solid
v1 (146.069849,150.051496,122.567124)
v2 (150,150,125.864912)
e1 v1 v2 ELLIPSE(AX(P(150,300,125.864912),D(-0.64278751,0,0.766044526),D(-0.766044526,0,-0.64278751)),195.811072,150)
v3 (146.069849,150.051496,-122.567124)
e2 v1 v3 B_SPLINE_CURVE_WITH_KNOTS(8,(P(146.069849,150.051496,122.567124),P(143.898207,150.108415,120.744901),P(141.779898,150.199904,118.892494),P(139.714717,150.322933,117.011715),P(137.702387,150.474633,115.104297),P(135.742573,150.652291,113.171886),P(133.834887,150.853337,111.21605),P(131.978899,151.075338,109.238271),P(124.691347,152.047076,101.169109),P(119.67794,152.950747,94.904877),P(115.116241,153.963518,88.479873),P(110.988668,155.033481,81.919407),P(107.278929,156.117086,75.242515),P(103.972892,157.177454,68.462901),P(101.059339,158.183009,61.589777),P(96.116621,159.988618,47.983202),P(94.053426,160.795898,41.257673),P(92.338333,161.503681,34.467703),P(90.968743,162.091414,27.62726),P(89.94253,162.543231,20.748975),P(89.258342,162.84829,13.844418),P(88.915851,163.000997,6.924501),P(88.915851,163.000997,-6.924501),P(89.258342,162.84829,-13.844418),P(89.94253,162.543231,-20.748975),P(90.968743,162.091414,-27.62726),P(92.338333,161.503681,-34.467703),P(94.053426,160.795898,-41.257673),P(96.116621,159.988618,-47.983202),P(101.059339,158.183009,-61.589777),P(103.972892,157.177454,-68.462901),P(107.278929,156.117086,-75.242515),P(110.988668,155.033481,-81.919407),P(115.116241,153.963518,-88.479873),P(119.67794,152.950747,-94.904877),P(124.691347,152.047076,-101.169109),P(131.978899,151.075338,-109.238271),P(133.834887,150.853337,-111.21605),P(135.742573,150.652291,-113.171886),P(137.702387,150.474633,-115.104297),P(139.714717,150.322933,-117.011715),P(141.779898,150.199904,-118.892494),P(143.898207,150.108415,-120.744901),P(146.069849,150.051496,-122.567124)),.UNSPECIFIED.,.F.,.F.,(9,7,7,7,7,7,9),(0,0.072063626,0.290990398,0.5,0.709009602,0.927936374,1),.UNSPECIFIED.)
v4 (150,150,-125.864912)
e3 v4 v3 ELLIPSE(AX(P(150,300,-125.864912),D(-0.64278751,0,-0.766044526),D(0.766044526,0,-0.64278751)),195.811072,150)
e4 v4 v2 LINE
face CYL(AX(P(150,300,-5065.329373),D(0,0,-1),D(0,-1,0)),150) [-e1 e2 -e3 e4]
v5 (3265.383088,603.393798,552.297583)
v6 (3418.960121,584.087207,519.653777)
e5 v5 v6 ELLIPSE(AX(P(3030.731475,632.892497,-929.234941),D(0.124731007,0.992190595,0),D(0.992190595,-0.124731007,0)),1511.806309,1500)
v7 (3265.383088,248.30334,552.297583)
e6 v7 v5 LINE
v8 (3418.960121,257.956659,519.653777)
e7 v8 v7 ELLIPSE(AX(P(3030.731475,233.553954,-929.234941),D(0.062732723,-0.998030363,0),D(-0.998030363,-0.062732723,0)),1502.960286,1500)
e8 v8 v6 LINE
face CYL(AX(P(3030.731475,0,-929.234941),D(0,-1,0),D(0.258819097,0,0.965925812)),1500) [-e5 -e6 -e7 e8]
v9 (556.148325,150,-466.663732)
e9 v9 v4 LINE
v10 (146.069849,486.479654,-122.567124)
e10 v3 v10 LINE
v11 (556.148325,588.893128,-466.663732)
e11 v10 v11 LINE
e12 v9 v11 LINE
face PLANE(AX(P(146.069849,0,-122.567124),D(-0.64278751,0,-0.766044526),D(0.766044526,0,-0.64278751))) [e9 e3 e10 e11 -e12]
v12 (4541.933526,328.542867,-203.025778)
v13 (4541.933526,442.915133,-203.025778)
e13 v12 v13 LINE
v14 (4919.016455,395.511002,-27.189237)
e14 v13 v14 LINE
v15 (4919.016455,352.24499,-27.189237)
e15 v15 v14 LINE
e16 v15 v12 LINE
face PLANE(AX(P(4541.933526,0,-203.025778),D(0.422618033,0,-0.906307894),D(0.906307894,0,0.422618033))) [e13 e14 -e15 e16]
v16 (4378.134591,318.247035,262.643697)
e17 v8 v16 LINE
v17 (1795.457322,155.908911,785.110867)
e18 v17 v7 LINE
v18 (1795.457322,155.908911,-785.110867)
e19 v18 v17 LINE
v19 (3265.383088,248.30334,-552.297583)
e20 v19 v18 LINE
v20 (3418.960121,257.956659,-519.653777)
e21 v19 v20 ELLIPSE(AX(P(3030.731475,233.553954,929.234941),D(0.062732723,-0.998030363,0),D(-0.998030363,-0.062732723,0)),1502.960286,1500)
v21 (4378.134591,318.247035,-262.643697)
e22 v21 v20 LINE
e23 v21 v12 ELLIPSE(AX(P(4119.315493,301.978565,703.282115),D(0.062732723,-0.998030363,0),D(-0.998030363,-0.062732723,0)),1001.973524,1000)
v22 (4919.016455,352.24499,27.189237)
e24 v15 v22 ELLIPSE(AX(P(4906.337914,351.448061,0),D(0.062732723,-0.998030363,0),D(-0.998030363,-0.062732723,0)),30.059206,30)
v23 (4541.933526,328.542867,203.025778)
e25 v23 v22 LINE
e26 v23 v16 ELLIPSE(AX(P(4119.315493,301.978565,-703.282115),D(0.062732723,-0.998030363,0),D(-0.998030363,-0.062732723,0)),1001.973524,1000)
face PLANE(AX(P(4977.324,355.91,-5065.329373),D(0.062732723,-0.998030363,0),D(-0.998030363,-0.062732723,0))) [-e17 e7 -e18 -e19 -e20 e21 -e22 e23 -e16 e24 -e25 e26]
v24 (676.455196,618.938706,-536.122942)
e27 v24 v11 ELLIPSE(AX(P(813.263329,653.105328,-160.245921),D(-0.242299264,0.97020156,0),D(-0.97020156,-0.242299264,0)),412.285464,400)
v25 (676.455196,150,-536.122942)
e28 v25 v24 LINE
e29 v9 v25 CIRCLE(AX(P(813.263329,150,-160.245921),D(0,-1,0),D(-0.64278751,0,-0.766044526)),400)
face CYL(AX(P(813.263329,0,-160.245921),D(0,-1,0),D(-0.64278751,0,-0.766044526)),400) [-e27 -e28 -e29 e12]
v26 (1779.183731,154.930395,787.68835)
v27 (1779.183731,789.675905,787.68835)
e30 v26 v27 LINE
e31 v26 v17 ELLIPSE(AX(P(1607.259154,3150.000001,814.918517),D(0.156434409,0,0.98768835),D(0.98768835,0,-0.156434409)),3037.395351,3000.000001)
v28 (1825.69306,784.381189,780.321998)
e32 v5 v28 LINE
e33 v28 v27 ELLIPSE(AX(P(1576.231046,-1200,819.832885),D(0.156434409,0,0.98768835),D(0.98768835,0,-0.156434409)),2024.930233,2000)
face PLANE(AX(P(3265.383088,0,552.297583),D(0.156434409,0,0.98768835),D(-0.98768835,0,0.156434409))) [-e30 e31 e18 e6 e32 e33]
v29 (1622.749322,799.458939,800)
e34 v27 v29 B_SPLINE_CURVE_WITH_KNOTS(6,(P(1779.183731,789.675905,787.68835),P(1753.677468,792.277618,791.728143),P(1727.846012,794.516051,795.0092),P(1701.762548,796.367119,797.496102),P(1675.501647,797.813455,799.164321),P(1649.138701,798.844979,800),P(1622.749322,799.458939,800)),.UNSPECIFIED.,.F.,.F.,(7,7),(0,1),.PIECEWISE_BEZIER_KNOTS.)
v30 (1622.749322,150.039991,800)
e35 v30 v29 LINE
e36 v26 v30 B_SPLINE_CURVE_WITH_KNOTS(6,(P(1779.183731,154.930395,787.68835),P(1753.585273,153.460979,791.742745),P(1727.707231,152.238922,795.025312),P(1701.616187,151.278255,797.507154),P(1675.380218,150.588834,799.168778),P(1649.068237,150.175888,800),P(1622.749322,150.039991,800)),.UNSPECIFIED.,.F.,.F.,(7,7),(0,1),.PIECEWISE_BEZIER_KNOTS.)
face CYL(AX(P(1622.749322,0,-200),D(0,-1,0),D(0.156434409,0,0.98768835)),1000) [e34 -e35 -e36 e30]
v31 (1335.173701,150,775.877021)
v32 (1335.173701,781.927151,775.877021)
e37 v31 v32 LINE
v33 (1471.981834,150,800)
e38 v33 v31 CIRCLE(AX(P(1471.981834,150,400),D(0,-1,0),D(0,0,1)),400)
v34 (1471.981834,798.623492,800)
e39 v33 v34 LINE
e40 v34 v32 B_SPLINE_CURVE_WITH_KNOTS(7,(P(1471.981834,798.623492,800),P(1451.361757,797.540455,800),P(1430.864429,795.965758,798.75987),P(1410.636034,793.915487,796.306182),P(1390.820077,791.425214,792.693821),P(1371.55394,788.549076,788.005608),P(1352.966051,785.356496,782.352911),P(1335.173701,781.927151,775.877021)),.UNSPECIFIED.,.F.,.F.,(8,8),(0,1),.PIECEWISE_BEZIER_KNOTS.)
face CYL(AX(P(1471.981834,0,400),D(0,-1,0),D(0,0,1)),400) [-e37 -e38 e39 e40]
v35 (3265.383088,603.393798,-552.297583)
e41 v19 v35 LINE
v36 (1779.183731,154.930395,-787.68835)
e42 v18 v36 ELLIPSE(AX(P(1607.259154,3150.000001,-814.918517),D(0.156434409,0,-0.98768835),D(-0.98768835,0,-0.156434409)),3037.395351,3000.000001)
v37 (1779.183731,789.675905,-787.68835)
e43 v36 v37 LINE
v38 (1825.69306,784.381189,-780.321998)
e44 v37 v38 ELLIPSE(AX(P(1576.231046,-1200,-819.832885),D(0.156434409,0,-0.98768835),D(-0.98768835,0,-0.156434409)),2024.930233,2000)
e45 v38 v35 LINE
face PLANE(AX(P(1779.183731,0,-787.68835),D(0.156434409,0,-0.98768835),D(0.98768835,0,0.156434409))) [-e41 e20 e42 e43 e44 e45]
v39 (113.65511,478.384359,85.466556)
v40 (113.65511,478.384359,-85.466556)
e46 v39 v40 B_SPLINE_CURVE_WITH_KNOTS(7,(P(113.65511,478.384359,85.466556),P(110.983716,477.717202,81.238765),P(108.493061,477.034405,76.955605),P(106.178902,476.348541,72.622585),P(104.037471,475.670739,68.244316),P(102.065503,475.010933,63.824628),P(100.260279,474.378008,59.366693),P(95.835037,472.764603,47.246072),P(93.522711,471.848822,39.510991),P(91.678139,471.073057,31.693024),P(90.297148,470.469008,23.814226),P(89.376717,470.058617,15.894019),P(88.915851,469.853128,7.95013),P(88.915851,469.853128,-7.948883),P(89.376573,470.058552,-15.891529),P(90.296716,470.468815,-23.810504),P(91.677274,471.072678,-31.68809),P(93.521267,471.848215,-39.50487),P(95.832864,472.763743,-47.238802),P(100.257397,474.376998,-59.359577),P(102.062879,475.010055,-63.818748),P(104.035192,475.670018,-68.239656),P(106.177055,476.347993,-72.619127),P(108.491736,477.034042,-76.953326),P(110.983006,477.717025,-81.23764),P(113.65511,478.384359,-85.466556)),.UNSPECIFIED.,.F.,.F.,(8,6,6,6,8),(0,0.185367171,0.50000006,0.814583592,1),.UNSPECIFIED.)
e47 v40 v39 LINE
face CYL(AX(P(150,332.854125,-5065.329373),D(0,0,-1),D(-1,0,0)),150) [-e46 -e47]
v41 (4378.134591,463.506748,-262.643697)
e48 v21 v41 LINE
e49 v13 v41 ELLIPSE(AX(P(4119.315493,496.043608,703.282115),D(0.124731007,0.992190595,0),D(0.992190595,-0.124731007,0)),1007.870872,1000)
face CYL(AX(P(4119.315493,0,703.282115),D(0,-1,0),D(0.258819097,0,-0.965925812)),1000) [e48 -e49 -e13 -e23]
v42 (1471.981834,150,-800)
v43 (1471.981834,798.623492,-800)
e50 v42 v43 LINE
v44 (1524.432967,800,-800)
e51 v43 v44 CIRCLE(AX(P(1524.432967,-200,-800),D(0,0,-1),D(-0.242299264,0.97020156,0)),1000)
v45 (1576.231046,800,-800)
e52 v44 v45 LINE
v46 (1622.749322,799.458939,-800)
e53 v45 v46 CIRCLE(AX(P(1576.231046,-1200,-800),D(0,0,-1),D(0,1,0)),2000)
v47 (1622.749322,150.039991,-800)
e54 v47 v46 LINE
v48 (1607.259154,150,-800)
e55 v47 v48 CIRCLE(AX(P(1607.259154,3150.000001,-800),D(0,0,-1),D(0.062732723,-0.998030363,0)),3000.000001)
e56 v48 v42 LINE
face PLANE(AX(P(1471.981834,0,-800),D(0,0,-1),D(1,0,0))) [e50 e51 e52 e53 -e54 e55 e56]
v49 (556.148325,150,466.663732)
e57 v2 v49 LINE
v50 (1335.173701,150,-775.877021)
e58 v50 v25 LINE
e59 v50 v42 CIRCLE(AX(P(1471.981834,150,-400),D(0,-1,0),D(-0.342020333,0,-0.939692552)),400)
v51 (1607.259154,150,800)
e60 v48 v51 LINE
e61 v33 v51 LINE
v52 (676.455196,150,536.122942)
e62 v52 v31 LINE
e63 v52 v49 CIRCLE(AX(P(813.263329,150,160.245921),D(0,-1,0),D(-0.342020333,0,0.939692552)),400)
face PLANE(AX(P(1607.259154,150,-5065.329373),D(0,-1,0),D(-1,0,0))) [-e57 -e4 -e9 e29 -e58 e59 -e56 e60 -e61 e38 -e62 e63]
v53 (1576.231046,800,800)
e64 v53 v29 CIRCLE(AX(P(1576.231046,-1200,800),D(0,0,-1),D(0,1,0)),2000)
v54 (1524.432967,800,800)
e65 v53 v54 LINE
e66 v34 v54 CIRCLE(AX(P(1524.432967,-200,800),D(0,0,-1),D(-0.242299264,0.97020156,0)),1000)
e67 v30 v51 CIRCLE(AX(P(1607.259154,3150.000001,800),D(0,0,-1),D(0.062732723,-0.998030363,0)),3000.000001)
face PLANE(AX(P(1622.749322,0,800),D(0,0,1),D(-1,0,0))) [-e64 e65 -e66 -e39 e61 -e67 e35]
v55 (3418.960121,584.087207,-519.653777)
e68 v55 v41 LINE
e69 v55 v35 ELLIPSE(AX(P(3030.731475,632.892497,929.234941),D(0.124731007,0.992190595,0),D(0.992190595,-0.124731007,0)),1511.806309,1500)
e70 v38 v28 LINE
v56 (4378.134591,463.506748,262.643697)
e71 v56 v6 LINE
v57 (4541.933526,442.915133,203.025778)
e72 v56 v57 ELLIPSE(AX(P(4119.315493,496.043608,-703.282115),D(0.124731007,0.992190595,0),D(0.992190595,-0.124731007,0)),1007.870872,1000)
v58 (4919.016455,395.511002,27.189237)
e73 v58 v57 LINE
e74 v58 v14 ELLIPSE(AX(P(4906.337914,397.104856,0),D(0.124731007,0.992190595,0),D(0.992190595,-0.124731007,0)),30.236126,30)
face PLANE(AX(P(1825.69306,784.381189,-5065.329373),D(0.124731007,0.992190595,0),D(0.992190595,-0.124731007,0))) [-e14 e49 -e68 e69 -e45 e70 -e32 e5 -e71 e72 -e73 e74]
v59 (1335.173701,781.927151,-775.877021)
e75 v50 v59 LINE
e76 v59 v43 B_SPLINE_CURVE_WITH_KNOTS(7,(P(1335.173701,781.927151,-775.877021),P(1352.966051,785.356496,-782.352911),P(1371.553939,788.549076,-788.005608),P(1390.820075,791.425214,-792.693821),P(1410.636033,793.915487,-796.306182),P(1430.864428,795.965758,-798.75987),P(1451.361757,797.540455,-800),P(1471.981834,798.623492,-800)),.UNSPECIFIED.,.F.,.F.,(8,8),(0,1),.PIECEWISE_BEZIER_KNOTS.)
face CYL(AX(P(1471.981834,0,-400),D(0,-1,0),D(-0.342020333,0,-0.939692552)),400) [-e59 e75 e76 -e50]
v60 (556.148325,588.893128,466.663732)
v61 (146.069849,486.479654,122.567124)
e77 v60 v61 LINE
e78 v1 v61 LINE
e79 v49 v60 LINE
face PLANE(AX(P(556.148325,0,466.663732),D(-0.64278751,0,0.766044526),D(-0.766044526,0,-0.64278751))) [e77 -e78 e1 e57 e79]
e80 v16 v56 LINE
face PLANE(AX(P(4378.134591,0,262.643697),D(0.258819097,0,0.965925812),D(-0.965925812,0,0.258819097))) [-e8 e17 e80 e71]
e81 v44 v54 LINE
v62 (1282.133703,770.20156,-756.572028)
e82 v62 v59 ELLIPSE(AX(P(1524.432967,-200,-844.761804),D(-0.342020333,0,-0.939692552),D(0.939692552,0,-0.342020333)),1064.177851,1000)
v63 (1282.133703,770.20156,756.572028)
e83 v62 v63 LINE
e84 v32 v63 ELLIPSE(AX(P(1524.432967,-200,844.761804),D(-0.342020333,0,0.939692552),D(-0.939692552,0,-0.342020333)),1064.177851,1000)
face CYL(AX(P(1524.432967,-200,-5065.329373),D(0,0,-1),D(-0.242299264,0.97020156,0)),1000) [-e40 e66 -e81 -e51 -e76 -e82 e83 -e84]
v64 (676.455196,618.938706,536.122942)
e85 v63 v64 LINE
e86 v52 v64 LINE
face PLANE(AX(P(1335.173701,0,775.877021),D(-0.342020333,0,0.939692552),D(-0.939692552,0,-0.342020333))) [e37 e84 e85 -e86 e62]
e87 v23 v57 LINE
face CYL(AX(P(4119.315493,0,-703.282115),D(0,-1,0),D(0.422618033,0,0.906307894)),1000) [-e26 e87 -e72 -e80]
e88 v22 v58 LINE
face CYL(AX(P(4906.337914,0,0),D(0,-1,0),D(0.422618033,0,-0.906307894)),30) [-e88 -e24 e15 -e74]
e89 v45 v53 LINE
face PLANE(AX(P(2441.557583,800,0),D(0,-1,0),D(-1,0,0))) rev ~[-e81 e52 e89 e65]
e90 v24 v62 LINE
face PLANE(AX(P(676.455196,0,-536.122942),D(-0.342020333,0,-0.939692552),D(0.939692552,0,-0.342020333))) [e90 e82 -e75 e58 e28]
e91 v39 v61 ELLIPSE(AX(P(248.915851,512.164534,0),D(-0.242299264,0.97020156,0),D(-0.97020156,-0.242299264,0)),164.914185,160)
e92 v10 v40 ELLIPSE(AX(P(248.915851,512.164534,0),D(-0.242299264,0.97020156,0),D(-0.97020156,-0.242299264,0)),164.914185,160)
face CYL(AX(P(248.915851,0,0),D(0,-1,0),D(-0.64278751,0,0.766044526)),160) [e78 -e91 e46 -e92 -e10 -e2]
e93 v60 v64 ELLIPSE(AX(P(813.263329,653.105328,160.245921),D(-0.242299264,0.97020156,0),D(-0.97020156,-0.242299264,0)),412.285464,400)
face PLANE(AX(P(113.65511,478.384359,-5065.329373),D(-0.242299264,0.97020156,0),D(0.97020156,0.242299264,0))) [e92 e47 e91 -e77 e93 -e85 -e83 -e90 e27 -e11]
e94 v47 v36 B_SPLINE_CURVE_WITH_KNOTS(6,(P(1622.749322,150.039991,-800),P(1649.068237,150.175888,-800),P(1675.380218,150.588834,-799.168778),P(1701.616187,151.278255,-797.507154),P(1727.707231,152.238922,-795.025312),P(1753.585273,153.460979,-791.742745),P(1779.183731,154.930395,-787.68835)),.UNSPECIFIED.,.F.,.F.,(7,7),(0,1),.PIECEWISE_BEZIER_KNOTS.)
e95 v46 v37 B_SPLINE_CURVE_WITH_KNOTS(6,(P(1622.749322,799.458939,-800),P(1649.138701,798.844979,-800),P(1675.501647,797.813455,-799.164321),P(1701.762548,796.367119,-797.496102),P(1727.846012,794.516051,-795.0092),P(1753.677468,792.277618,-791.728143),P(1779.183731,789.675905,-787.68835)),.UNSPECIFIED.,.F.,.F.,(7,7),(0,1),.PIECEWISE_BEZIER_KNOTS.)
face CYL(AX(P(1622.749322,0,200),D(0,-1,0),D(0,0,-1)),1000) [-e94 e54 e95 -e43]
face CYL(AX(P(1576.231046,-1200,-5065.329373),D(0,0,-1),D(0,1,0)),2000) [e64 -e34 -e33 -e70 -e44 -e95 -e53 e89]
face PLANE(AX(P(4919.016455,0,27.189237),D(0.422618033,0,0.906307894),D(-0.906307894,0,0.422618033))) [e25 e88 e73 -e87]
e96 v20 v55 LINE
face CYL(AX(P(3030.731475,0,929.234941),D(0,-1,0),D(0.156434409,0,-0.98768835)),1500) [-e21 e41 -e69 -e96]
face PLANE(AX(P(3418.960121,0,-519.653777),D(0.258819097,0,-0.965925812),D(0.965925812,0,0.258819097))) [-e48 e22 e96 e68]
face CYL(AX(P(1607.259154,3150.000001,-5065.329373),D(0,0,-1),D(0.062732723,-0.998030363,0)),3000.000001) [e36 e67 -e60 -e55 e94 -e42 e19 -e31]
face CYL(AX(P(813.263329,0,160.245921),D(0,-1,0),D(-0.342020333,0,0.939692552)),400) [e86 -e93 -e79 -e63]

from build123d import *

# Parameters (mm, degrees)
TOPVIEW_EXTRUDE_DEPTH      = 800
SIDEPROFILE_CUT_DEPTH      = 5065.329373382
SIDEPROFILE_CUT_DEPTH_BACK = 5065.329373382
SKETCH2_OUTSIDE_W          = 5882.814
SKETCH2_OUTSIDE_H          = 1835.392


with BuildPart() as part:
    # Sketch1 → TopView_Extrude (new body)
    with BuildSketch(Plane(origin=(0, 0, 0), x_dir=(1, 0, 0), z_dir=(0, 1, 0))):
        with BuildLine():
            Line((146.069849076, 122.567124227), (556.148324977, 466.663731547))
            ThreePointArc((556.148324977, 466.663731547), (613.263316637, 506.656075273), (676.455195963, 536.122941687))
            Line((676.455195963, 536.122941687), (1335.173700718, 775.877020708))
            ThreePointArc((1335.173700718, 775.877020708), (1402.522523085, 793.923094197), (1471.981833896, 800))
            Line((1471.981833896, 800), (1622.74932188, 800))
            ThreePointArc((1622.74932188, 800), (1701.208389168, 796.917335971), (1779.183730567, 787.688349521))
            Line((1779.183730567, 787.688349521), (3265.383087903, 552.297583021))
            ThreePointArc((3265.383087903, 552.297583021), (3342.599008928, 537.986460302), (3418.960120906, 519.653777172))
            Line((3418.960120906, 519.653777172), (4378.134590748, 262.643696963))
            ThreePointArc((4378.134590748, 262.643696963), (4461.335543574, 236.410539363), (4541.933526436, 203.025778355))
            Line((4541.933526436, 203.025778355), (4919.016455083, 27.18923681))
            ThreePointArc((4919.016455083, 27.18923681), (4936.337914092, 0), (4919.016455083, -27.18923681))
            Line((4919.016455083, -27.18923681), (4541.933526436, -203.025778355))
            ThreePointArc((4541.933526436, -203.025778355), (4461.335543574, -236.410539363), (4378.134590748, -262.643696963))
            Line((4378.134590748, -262.643696963), (3418.960120906, -519.653777172))
            ThreePointArc((3418.960120906, -519.653777172), (3342.599008928, -537.986460302), (3265.383087903, -552.297583021))
            Line((3265.383087903, -552.297583021), (1779.183730567, -787.688349521))
            ThreePointArc((1779.183730567, -787.688349521), (1701.208389168, -796.917335971), (1622.74932188, -800))
            Line((1622.74932188, -800), (1471.981833896, -800))
            ThreePointArc((1471.981833896, -800), (1402.522523085, -793.923094197), (1335.173700718, -775.877020708))
            Line((1335.173700718, -775.877020708), (676.455195963, -536.122941687))
            ThreePointArc((676.455195963, -536.122941687), (613.263316637, -506.656075273), (556.148324977, -466.663731547))
            Line((556.148324977, -466.663731547), (146.069849076, -122.567124227))
            ThreePointArc((146.069849076, -122.567124227), (88.915850742, 0), (146.069849076, 122.567124227))
        make_face()
    extrude(amount=TOPVIEW_EXTRUDE_DEPTH)

    # Sketch2 outside → SideProfile_Cut (cut, two sides: drawn at the far end of the back side and taken through both)
    with BuildSketch(Plane.XY.offset(-SIDEPROFILE_CUT_DEPTH_BACK)):
        with Locations((2512.627, 400)):
            Rectangle(SKETCH2_OUTSIDE_W, SKETCH2_OUTSIDE_H)
        with BuildLine():
            Line((0, 300), (0, 332.854125267))
            ThreePointArc((0, 332.854125267), (31.780430043, 425.180358155), (113.65511039, 478.384359237))
            Line((113.65511039, 478.384359237), (1282.133703367, 770.201559797))
            ThreePointArc((1282.133703367, 770.201559797), (1402.370605908, 792.522432945), (1524.432967436, 800))
            Line((1524.432967436, 800), (1576.231046196, 800))
            ThreePointArc((1576.231046196, 800), (1701.206287536, 796.091478127), (1825.693060411, 784.381189052))
            Line((1825.693060411, 784.381189052), (4977.324, 388.181))
            Line((4977.324, 388.181), (4977.324, 355.91))
            Line((4977.324, 355.91), (1795.457321969, 155.908910924))
            ThreePointArc((1795.457321969, 155.908910924), (1701.40460764, 151.477591611), (1607.259154289, 150))
            Line((1607.259154289, 150), (150, 150))
            ThreePointArc((150, 150), (43.933982822, 193.933982822), (0, 300))
        make_face(mode=Mode.SUBTRACT)
    extrude(amount=SIDEPROFILE_CUT_DEPTH + SIDEPROFILE_CUT_DEPTH_BACK, mode=Mode.SUBTRACT)


solid = part.part
